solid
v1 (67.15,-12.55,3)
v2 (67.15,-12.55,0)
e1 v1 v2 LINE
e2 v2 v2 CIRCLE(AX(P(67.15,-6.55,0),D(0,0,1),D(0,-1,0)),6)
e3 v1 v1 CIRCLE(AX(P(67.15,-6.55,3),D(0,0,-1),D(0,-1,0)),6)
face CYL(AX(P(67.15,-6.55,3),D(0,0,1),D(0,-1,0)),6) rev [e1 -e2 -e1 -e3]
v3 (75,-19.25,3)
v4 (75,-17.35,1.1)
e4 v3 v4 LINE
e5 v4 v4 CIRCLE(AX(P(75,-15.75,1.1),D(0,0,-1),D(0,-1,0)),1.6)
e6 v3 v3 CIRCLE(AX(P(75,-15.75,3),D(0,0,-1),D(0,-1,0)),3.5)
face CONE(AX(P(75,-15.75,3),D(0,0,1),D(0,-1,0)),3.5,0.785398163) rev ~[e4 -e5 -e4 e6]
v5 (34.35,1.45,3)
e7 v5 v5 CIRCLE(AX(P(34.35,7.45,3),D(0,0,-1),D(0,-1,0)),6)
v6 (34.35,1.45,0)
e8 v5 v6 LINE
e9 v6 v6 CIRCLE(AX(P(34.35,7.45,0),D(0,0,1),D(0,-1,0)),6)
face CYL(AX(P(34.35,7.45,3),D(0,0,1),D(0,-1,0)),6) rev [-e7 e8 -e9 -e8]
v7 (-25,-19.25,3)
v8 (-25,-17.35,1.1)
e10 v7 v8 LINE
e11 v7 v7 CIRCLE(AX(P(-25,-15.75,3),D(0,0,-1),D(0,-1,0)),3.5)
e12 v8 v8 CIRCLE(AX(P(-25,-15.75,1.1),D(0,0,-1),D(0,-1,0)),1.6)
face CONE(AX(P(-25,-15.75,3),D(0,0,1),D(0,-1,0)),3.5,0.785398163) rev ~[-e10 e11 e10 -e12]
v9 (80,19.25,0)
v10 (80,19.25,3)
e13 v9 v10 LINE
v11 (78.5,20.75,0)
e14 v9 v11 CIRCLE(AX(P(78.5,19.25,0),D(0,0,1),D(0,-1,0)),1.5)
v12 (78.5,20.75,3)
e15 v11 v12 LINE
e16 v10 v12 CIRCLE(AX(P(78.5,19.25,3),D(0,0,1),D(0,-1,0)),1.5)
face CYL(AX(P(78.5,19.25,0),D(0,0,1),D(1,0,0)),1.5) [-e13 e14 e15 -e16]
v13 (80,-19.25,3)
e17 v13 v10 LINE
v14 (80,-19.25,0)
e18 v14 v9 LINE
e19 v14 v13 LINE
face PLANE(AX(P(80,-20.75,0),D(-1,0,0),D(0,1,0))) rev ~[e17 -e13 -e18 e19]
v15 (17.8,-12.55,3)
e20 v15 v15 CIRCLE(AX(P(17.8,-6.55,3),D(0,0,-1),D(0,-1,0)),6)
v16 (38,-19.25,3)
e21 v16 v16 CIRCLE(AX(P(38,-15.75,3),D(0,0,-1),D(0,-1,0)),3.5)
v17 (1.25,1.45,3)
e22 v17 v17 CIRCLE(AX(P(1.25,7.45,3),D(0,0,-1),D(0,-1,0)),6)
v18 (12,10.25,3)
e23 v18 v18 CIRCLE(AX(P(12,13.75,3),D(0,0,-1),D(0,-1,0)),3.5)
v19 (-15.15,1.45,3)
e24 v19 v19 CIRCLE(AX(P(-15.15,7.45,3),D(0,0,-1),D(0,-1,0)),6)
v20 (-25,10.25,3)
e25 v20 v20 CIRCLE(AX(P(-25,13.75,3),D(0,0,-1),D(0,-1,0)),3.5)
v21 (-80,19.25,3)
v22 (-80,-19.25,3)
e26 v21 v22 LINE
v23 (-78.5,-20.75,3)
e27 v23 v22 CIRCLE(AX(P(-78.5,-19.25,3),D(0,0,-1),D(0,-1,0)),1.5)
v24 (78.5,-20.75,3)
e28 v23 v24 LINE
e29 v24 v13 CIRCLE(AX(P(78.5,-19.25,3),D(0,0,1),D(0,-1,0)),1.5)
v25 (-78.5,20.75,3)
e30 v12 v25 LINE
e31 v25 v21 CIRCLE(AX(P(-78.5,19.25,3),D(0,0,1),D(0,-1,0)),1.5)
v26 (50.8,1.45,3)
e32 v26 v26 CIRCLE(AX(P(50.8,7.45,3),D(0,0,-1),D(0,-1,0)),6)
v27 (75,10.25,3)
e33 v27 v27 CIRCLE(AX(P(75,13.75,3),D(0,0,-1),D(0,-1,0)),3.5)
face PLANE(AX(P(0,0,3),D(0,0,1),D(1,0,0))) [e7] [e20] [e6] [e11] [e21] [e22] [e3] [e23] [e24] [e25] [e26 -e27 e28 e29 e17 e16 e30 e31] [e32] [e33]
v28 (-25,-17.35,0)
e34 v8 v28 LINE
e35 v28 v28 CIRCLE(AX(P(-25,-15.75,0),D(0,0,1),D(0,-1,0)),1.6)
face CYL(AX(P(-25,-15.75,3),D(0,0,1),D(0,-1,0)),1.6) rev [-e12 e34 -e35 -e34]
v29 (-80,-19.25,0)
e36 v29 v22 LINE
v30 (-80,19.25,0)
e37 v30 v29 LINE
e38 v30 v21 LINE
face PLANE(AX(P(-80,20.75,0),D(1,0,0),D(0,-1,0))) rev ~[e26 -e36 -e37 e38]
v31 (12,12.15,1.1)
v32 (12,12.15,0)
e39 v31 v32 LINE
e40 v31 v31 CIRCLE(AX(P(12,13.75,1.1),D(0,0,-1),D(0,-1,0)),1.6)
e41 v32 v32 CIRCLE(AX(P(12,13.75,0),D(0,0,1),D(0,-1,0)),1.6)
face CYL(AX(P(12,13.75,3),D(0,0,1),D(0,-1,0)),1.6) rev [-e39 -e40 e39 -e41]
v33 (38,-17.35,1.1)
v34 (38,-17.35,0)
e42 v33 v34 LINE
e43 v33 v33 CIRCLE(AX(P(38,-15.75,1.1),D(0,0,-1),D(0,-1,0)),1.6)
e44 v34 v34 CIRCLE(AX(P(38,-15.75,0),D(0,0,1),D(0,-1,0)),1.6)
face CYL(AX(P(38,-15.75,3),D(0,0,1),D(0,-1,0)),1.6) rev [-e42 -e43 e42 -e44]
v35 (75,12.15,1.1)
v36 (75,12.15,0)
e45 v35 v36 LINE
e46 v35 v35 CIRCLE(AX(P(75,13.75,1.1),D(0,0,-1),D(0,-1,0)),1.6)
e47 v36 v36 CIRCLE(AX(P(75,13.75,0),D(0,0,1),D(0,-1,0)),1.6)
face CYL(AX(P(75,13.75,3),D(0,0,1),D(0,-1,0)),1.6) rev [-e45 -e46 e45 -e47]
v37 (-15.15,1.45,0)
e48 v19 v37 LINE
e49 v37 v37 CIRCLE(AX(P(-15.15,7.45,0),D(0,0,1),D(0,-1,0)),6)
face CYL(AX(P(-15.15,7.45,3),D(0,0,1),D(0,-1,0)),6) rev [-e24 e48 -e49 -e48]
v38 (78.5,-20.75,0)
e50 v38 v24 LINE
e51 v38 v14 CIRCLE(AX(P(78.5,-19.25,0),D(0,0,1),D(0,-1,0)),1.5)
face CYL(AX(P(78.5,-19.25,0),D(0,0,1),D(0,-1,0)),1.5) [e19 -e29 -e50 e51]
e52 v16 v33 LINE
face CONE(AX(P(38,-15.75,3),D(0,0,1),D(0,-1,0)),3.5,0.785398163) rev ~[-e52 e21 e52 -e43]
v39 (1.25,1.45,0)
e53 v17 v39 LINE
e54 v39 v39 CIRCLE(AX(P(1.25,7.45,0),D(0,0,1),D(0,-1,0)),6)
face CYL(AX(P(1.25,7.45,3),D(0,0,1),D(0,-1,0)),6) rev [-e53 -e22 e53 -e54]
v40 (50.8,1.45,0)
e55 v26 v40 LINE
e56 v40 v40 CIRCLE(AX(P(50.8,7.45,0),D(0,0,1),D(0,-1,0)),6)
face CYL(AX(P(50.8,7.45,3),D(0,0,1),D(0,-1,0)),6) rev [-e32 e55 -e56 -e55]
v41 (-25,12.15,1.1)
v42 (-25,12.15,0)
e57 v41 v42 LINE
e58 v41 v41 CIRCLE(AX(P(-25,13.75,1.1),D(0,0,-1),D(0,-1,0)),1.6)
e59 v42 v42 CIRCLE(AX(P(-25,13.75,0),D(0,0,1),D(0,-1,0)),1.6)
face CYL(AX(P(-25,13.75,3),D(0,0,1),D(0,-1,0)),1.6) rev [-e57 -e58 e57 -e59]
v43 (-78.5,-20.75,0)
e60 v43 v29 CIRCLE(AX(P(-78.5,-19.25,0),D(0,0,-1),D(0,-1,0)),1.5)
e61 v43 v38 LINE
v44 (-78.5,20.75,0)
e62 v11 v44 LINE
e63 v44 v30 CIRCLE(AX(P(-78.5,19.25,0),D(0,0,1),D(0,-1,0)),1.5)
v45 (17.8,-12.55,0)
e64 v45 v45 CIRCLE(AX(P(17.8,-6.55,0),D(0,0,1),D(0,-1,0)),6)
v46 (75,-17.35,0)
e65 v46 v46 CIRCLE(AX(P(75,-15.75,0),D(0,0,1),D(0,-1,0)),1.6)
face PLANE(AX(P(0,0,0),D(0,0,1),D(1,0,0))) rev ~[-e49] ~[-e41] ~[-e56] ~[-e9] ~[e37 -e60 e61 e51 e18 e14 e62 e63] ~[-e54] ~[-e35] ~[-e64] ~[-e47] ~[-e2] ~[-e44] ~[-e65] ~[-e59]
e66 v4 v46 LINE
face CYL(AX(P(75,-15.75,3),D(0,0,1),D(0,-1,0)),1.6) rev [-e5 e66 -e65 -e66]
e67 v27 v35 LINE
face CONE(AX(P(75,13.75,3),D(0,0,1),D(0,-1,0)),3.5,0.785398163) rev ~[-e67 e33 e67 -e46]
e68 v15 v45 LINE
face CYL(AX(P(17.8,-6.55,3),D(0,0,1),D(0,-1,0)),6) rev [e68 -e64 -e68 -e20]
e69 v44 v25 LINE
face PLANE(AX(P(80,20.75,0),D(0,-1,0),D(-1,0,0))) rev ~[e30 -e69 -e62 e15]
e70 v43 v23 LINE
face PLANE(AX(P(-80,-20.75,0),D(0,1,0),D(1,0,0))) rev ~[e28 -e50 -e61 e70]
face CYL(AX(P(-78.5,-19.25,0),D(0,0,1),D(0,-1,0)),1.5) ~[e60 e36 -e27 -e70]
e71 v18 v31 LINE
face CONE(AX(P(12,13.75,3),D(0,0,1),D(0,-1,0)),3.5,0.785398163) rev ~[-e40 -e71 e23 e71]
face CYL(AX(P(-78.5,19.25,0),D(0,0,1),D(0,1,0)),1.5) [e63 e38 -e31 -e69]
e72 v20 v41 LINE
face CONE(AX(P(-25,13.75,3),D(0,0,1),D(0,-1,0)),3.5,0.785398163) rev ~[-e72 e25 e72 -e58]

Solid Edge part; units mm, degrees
sketch "Sketch1" plane through (0, 0, 0) normal (0, 0, 1) x (1, 0, 0)
  line L0 (-80, -20.75) -> (80, -20.75)
  line L1 (80, -20.75) -> (80, 20.75)
  line L2 (80, 20.75) -> (-80, 20.75)
  line L3 (-80, 20.75) -> (-80, -20.75)
  dimension "D1" = 41.5
  dimension "D2" = 160
extrude "Protrusion1" add sketch "Sketch1" along normal blind 3
fillet "Round_1" radius 1.5 4 edges at (-80, -20.75, 1.5) (-80, 20.75, 1.5) (80, -20.75, 1.5) (80, 20.75, 1.5)
hole "Hole_1" at (-15.15, 7.45, 3) direction (0, 0, -1) diameter 12 end through all
hole "Hole1" at (1.25, 7.45, 3) direction (0, 0, -1) diameter 12 end through all
hole "Hole2" at (17.8, -6.55, 3) direction (0, 0, -1) diameter 12 end through all
hole "Hole3" at (34.35, 7.45, 3) direction (0, 0, -1) diameter 12 end through all
hole "Hole4" at (50.8, 7.45, 3) direction (0, 0, -1) diameter 12 end through all
hole "Hole5" at (67.15, -6.55, 3) direction (0, 0, -1) diameter 12 end through all
hole "Hole_7" at (75, -15.75, 3) direction (0, 0, -1) diameter 3.2 end up to next countersink diameter 7 countersink angle 90
hole "Hole6" at (75, 13.75, 3) direction (0, 0, -1) diameter 3.2 end up to next countersink diameter 7 countersink angle 90
hole "Hole7" at (-25, -15.75, 3) direction (0, 0, -1) diameter 3.2 end up to next countersink diameter 7 countersink angle 90
hole "Hole8" at (-25, 13.75, 3) direction (0, 0, -1) diameter 3.2 end up to next countersink diameter 7 countersink angle 90
hole "Hole9" at (38, -15.75, 3) direction (0, 0, -1) diameter 3.2 end up to next countersink diameter 7 countersink angle 90
hole "Hole10" at (12, 13.75, 3) direction (0, 0, -1) diameter 3.2 end up to next countersink diameter 7 countersink angle 90
properties material "Stainless Steel, 304"
